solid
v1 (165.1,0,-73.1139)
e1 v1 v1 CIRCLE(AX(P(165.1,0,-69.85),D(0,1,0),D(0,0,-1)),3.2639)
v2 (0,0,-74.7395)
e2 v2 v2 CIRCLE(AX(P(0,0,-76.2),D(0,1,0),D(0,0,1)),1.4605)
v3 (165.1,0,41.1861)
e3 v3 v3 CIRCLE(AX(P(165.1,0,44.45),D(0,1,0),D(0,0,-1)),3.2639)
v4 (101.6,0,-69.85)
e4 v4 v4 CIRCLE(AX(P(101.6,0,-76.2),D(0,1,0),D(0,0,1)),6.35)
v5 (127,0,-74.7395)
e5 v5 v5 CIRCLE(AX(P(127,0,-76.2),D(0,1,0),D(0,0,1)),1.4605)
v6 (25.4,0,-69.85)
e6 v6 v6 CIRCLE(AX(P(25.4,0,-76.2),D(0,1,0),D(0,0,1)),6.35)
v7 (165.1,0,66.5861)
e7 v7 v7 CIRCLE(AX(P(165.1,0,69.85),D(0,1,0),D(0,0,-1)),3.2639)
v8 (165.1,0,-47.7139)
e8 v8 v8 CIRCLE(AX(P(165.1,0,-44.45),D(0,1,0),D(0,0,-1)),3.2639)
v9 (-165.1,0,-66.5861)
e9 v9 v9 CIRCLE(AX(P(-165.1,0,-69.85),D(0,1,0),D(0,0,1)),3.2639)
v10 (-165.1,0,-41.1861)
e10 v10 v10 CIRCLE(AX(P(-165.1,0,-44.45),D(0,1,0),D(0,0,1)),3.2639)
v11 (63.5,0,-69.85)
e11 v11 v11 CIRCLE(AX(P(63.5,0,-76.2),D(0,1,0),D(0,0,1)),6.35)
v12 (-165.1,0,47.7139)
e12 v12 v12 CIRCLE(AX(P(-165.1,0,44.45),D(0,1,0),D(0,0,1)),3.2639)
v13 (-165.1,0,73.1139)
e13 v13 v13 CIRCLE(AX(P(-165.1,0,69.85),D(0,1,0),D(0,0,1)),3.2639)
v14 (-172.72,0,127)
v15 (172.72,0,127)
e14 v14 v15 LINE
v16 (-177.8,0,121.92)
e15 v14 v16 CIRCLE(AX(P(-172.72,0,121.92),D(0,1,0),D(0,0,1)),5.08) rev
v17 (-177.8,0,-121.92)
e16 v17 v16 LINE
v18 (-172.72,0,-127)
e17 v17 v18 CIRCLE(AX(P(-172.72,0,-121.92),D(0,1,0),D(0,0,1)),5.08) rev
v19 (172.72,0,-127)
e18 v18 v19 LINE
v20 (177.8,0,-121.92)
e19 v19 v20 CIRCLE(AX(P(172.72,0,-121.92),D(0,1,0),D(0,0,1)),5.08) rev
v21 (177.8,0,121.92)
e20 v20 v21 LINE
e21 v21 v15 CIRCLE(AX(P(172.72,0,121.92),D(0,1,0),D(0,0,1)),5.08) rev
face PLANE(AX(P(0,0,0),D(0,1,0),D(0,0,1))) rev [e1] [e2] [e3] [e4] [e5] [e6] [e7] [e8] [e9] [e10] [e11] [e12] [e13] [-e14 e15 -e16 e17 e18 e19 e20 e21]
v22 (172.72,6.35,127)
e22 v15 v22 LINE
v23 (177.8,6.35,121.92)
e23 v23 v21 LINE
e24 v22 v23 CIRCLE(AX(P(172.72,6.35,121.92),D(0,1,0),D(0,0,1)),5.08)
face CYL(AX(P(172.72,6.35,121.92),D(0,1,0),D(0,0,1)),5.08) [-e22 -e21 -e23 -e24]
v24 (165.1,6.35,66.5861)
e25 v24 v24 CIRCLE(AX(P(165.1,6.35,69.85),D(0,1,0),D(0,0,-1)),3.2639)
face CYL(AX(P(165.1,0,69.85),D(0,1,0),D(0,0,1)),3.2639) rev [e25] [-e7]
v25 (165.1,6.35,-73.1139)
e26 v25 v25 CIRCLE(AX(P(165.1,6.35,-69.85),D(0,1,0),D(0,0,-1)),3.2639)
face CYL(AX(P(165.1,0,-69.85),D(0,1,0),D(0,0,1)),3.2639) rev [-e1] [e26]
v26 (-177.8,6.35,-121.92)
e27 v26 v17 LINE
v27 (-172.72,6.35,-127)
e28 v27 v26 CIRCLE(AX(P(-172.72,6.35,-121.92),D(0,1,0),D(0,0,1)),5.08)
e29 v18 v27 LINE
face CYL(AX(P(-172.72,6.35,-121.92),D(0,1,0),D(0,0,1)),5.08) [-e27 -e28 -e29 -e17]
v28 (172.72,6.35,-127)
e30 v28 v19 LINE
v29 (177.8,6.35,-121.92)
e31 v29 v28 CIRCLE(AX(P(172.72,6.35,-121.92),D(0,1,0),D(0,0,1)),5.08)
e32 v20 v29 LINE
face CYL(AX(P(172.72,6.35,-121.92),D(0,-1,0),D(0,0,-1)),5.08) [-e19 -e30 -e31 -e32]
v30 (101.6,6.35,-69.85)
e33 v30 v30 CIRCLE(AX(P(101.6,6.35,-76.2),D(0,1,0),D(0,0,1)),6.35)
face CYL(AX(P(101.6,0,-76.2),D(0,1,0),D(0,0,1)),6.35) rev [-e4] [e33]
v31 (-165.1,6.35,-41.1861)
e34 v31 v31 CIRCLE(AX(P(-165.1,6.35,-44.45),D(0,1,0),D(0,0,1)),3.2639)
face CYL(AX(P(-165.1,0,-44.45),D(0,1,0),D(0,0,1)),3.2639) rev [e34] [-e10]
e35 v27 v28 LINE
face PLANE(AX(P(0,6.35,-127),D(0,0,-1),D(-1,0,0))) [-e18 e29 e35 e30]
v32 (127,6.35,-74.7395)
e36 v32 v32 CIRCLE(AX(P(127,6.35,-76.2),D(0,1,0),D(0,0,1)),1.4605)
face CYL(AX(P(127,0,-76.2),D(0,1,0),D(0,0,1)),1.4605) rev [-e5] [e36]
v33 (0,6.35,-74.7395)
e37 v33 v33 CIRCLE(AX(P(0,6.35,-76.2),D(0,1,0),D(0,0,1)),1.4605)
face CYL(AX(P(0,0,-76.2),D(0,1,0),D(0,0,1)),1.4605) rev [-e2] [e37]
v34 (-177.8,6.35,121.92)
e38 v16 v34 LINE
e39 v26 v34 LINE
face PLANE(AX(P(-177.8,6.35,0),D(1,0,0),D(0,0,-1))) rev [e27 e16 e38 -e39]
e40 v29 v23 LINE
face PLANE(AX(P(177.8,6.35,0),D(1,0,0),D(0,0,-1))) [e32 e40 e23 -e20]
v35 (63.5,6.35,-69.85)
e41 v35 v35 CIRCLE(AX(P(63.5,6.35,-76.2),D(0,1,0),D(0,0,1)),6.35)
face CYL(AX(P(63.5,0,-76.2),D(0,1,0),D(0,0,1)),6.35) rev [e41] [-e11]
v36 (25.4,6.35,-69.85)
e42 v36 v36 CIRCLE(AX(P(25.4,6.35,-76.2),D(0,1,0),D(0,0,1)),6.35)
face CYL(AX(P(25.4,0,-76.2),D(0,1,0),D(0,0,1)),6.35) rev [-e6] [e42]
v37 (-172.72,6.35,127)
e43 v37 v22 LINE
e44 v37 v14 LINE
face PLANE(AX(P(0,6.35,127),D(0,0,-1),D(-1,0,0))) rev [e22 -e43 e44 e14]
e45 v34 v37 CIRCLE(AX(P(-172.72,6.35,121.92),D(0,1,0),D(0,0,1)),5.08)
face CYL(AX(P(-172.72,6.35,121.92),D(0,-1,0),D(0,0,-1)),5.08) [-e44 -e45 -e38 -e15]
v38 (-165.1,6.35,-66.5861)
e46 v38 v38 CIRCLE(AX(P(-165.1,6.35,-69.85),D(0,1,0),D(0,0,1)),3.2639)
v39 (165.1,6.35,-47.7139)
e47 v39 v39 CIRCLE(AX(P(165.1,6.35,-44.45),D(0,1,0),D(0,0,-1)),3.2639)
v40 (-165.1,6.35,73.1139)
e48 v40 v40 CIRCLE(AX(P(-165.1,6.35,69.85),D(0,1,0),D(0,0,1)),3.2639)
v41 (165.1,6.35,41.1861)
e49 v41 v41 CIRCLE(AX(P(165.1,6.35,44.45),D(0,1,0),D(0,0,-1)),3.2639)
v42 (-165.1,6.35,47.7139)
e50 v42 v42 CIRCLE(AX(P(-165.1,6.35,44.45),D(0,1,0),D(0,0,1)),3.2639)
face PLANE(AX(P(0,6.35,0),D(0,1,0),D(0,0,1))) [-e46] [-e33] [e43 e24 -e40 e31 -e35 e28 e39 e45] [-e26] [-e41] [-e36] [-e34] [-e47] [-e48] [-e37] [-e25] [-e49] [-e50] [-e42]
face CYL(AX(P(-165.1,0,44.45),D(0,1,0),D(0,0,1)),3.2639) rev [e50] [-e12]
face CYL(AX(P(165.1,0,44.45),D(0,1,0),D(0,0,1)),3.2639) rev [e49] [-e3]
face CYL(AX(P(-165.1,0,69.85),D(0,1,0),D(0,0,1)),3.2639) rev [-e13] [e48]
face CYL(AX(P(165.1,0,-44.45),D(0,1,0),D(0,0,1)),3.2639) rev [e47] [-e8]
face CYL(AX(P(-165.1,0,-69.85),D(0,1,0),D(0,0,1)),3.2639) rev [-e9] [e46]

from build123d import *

# Parameters (mm, degrees)
SKETCH1_W             = 355.6
SKETCH1_H             = 254
BOSS_EXTRUDE1_DEPTH   = 6.35
SKETCH4_R             = 3.2639
CUT_EXTRUDE3_DEPTH    = 219.591313871
SKETCH5_R             = 6.35
SWITCH_MOUNTING_DEPTH = 219.591313871
SKETCH6_R             = 1.4605
CUT_EXTRUDE4_DEPTH    = 219.591313871
FILLET2_R             = 5.08


with BuildPart() as part:
    # Sketch1 → Boss-Extrude1 (new body)
    with BuildSketch(Plane(origin=(0, 0, 0), x_dir=(1, 0, 0), z_dir=(0, 1, 0))):
        Rectangle(SKETCH1_W, SKETCH1_H)
    extrude(amount=BOSS_EXTRUDE1_DEPTH)

    # Sketch4 → Cut-Extrude3 (cut, through all)
    with BuildSketch(Plane(origin=(0, 6.35, 0), x_dir=(1, 0, 0), z_dir=(0, 1, 0))):
        with Locations(Location((-165.1, 69.85, 0), (0, 0, 270))):
            Circle(SKETCH4_R)
        with Locations(Location((-165.1, 44.45, 0), (0, 0, 270))):
            Circle(SKETCH4_R)
        with Locations(Location((-165.1, -44.45, 0), (0, 0, 270))):
            Circle(SKETCH4_R)
        with Locations(Location((-165.1, -69.85, 0), (0, 0, 270))):
            Circle(SKETCH4_R)
        with Locations(Location((165.1, -69.85, 0), (0, 0, 90))):
            Circle(SKETCH4_R)
        with Locations(Location((165.1, -44.45, 0), (0, 0, 90))):
            Circle(SKETCH4_R)
        with Locations(Location((165.1, 44.45, 0), (0, 0, 90))):
            Circle(SKETCH4_R)
        with Locations(Location((165.1, 69.85, 0), (0, 0, 90))):
            Circle(SKETCH4_R)
    extrude(amount=-CUT_EXTRUDE3_DEPTH, mode=Mode.SUBTRACT)

    # Sketch5 → Switch Mounting (cut, through all)
    with BuildSketch(Plane(origin=(0, 6.35, 0), x_dir=(1, 0, 0), z_dir=(0, 1, 0))):
        with Locations(Location((25.4, 76.2, 0), (0, 0, 270))):
            Circle(SKETCH5_R)
        with Locations(Location((63.5, 76.2, 0), (0, 0, 270))):
            Circle(SKETCH5_R)
        with Locations(Location((101.6, 76.2, 0), (0, 0, 270))):
            Circle(SKETCH5_R)
    extrude(amount=-SWITCH_MOUNTING_DEPTH, mode=Mode.SUBTRACT)

    # Sketch6 → Cut-Extrude4 (cut, through all)
    with BuildSketch(Plane(origin=(0, 6.35, 0), x_dir=(1, 0, 0), z_dir=(0, 1, 0))):
        with Locations(Location((127, 76.2, 0), (0, 0, 270))):
            Circle(SKETCH6_R)
        with Locations(Location((0, 76.2, 0), (0, 0, 270))):
            Circle(SKETCH6_R)
    extrude(amount=-CUT_EXTRUDE4_DEPTH, mode=Mode.SUBTRACT)

    # Fillet2
    fillet2_edges = [part.edges().sort_by_distance(p)[0] for p in [
        (177.8, 3.175, 127),
        (-177.8, 3.175, 127),
        (-177.8, 3.175, -127),
        (177.8, 3.175, -127),
    ]]
    fillet(fillet2_edges, radius=FILLET2_R)


solid = part.part
